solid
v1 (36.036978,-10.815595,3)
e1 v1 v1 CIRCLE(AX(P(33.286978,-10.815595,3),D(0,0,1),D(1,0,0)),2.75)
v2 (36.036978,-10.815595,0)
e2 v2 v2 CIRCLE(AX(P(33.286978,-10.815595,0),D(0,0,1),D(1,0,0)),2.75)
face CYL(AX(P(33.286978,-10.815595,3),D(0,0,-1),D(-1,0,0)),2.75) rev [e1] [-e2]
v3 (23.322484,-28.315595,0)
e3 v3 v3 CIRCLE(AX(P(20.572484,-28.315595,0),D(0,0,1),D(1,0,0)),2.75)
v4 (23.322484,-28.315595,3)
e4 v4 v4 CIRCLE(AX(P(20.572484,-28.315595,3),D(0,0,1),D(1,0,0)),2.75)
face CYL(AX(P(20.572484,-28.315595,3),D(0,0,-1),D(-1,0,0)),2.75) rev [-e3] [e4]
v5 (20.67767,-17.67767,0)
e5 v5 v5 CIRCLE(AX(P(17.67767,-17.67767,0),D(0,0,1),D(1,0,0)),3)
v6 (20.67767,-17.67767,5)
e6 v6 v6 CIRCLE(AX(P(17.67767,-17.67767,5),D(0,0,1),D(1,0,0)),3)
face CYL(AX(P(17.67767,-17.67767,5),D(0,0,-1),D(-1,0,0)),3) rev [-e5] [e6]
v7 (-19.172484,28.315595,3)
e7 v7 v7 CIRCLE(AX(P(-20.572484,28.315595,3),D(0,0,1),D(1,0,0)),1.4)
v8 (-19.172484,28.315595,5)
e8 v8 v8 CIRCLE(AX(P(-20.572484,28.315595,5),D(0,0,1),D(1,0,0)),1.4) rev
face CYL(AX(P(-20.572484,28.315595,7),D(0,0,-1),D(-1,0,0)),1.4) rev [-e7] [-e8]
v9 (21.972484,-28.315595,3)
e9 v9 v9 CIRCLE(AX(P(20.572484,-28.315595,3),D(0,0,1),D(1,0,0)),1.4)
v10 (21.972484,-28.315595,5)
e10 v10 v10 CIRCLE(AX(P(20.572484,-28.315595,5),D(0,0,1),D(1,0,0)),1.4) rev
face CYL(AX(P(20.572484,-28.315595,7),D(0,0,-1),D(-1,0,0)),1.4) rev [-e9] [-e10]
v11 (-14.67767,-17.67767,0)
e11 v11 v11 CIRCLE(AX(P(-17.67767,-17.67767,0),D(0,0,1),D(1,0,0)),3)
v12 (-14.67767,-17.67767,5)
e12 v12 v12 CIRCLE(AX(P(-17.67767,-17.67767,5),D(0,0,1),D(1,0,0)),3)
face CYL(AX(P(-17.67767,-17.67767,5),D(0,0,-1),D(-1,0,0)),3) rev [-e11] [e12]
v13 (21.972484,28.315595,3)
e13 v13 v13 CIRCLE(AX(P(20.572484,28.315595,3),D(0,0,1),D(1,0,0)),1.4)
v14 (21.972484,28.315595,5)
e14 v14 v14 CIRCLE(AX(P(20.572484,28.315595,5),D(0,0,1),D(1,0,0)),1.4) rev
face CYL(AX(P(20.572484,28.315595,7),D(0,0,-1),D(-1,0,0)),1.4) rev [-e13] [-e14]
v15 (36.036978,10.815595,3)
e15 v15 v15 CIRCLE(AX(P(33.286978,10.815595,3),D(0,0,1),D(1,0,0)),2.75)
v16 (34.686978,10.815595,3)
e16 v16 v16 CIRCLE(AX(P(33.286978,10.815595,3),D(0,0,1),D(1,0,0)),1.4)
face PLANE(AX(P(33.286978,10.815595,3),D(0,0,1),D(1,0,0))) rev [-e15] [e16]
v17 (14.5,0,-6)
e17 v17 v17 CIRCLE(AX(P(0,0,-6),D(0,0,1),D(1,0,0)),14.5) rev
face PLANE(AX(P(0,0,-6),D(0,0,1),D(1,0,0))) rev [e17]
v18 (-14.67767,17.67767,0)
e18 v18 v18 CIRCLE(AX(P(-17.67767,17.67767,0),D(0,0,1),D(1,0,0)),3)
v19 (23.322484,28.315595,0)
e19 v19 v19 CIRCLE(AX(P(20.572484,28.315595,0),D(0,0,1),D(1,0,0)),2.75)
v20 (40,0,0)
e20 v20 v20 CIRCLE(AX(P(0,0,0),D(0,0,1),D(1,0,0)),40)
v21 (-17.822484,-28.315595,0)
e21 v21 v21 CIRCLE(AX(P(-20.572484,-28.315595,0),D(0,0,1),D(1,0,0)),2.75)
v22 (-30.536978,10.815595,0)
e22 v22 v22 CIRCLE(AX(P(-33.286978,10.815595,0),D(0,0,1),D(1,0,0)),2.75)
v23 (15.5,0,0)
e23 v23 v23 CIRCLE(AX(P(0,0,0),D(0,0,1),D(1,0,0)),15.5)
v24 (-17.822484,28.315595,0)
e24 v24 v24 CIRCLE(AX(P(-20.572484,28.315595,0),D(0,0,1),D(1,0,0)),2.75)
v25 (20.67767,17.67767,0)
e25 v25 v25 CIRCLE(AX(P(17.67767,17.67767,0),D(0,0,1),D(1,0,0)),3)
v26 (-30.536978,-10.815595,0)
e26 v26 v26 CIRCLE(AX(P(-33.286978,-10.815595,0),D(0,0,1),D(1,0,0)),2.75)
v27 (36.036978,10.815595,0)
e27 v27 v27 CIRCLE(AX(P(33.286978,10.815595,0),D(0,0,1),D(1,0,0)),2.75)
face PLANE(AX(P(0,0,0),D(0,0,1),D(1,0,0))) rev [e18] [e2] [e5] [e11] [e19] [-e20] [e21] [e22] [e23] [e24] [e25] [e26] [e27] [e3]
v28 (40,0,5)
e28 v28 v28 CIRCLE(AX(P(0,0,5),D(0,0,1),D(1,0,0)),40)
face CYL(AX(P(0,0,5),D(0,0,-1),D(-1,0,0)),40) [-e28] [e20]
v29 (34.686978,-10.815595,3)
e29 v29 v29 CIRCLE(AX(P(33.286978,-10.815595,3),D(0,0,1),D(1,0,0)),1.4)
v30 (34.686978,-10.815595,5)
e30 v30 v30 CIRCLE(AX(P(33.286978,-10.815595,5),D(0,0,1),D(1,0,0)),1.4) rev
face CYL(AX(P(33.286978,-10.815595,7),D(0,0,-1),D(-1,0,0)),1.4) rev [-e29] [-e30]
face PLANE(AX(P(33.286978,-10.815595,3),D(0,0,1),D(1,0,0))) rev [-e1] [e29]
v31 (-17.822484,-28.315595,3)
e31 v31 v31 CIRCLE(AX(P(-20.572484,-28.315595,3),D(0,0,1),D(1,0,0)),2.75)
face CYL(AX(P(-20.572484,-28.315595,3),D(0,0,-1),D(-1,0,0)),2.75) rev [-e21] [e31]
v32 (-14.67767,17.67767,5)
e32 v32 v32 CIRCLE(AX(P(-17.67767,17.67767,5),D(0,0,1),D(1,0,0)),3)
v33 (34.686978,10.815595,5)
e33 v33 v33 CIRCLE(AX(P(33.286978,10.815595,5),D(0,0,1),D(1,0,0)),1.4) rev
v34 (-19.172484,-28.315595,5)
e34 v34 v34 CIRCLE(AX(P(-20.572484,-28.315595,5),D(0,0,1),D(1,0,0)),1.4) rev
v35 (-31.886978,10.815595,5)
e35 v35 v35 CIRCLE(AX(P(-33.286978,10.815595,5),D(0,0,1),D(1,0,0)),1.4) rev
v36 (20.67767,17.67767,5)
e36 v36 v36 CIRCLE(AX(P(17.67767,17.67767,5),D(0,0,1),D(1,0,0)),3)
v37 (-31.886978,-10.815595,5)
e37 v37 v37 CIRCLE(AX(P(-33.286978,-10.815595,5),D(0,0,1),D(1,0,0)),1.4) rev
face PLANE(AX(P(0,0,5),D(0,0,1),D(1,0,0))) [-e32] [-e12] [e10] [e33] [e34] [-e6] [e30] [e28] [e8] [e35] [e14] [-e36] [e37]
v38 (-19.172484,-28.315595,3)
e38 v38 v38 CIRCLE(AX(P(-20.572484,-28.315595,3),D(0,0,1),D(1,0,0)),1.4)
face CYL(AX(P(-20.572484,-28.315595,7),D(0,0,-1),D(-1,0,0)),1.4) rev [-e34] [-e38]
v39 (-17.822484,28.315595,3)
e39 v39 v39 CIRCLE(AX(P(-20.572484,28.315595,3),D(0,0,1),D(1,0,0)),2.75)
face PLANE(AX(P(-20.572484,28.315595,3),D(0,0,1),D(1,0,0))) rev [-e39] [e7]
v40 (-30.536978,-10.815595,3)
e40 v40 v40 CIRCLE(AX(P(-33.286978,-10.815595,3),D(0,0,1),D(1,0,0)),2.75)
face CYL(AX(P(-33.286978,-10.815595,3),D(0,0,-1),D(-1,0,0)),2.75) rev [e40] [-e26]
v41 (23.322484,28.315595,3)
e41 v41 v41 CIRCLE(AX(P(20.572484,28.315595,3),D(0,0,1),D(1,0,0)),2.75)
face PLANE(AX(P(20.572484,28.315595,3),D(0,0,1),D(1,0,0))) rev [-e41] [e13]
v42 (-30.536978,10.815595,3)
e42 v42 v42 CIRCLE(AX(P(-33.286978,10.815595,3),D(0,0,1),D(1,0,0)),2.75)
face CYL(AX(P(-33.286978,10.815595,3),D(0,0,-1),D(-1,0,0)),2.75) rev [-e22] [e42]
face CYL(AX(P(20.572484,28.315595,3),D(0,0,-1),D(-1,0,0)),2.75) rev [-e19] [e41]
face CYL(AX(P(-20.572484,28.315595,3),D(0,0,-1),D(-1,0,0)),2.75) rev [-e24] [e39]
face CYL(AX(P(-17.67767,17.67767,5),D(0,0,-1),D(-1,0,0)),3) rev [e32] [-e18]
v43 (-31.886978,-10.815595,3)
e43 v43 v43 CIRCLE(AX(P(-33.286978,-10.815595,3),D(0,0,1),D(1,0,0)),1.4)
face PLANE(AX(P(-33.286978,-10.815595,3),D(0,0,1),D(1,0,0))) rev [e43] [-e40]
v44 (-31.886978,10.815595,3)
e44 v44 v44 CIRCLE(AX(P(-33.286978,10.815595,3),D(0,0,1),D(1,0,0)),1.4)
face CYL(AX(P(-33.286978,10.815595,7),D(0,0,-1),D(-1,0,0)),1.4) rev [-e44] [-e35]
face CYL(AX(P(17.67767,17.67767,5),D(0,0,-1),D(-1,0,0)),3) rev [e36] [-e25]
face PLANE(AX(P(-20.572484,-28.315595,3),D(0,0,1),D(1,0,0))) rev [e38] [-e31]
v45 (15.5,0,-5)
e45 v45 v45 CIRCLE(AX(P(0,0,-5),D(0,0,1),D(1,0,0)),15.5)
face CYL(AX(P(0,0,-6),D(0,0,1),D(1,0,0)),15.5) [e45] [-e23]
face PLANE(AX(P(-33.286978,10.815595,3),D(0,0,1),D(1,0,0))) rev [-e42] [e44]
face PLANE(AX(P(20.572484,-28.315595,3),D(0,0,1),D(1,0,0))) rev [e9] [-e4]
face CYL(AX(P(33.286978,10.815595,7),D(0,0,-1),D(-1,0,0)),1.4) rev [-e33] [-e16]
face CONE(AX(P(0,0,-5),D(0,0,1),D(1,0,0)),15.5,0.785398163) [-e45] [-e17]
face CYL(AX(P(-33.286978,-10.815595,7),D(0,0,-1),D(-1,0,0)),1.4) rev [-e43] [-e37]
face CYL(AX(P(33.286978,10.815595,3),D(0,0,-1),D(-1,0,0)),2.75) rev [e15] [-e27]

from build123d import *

# Parameters (mm, degrees)
SKETCH1_R           = 40
BOSS_EXTRUDE1_DEPTH = 5
SKETCH1_5_R         = 3
CUT_EXTRUDE3_DEPTH  = 5
SKETCH1_8_R         = 15.5
BOSS_EXTRUDE2_DEPTH = 6
CHAMFER1_SIZE       = 1
SKETCH1_20_R        = 1.4
CUT_EXTRUDE12_DEPTH = 7
SKETCH1_22_R        = 2.75
CUT_EXTRUDE13_DEPTH = 3


with BuildPart() as part:
    # Sketch1 → Boss-Extrude1 (new body)
    with BuildSketch(Plane.XY):
        Circle(SKETCH1_R)
    extrude(amount=BOSS_EXTRUDE1_DEPTH)

    # Sketch1<5> → Cut-Extrude3 (cut)
    with BuildSketch(Plane.XY):
        with Locations((-17.67766953, 17.67766953)):
            Circle(SKETCH1_5_R)
        with Locations((17.67766953, 17.67766953)):
            Circle(SKETCH1_5_R)
        with Locations((17.67766953, -17.67766953)):
            Circle(SKETCH1_5_R)
        with Locations((-17.67766953, -17.67766953)):
            Circle(SKETCH1_5_R)
    extrude(amount=CUT_EXTRUDE3_DEPTH, mode=Mode.SUBTRACT)

    # Sketch1<8> → Boss-Extrude2 (add)
    with BuildSketch(Plane.XY):
        Circle(SKETCH1_8_R)
    extrude(amount=-BOSS_EXTRUDE2_DEPTH)

    # Chamfer1
    chamfer1_edges = [part.edges().sort_by_distance(p)[0] for p in [
        (-15.5, 0, -6),
    ]]
    chamfer(chamfer1_edges, length=CHAMFER1_SIZE)

    # Sketch1<20> → Cut-Extrude12 (cut)
    with BuildSketch(Plane.XY):
        with Locations((-20.57248383, 28.315594803)):
            Circle(SKETCH1_20_R)
        with Locations((20.57248383, 28.315594803)):
            Circle(SKETCH1_20_R)
        with Locations((33.28697807, 10.815594803)):
            Circle(SKETCH1_20_R)
        with Locations((33.28697807, -10.815594803)):
            Circle(SKETCH1_20_R)
        with Locations((20.57248383, -28.315594803)):
            Circle(SKETCH1_20_R)
        with Locations((-20.57248383, -28.315594803)):
            Circle(SKETCH1_20_R)
        with Locations((-33.28697807, -10.815594803)):
            Circle(SKETCH1_20_R)
        with Locations((-33.28697807, 10.815594803)):
            Circle(SKETCH1_20_R)
    extrude(amount=CUT_EXTRUDE12_DEPTH, mode=Mode.SUBTRACT)

    # Sketch1<22> → Cut-Extrude13 (cut)
    with BuildSketch(Plane.XY):
        with Locations((20.57248383, 28.315594803)):
            Circle(SKETCH1_22_R)
        with Locations((33.28697807, 10.815594803)):
            Circle(SKETCH1_22_R)
        with Locations((33.28697807, -10.815594803)):
            Circle(SKETCH1_22_R)
        with Locations((20.57248383, -28.315594803)):
            Circle(SKETCH1_22_R)
        with Locations((-20.57248383, -28.315594803)):
            Circle(SKETCH1_22_R)
        with Locations((-33.28697807, -10.815594803)):
            Circle(SKETCH1_22_R)
        with Locations((-33.28697807, 10.815594803)):
            Circle(SKETCH1_22_R)
        with Locations((-20.57248383, 28.315594803)):
            Circle(SKETCH1_22_R)
    extrude(amount=CUT_EXTRUDE13_DEPTH, mode=Mode.SUBTRACT)


solid = part.part
